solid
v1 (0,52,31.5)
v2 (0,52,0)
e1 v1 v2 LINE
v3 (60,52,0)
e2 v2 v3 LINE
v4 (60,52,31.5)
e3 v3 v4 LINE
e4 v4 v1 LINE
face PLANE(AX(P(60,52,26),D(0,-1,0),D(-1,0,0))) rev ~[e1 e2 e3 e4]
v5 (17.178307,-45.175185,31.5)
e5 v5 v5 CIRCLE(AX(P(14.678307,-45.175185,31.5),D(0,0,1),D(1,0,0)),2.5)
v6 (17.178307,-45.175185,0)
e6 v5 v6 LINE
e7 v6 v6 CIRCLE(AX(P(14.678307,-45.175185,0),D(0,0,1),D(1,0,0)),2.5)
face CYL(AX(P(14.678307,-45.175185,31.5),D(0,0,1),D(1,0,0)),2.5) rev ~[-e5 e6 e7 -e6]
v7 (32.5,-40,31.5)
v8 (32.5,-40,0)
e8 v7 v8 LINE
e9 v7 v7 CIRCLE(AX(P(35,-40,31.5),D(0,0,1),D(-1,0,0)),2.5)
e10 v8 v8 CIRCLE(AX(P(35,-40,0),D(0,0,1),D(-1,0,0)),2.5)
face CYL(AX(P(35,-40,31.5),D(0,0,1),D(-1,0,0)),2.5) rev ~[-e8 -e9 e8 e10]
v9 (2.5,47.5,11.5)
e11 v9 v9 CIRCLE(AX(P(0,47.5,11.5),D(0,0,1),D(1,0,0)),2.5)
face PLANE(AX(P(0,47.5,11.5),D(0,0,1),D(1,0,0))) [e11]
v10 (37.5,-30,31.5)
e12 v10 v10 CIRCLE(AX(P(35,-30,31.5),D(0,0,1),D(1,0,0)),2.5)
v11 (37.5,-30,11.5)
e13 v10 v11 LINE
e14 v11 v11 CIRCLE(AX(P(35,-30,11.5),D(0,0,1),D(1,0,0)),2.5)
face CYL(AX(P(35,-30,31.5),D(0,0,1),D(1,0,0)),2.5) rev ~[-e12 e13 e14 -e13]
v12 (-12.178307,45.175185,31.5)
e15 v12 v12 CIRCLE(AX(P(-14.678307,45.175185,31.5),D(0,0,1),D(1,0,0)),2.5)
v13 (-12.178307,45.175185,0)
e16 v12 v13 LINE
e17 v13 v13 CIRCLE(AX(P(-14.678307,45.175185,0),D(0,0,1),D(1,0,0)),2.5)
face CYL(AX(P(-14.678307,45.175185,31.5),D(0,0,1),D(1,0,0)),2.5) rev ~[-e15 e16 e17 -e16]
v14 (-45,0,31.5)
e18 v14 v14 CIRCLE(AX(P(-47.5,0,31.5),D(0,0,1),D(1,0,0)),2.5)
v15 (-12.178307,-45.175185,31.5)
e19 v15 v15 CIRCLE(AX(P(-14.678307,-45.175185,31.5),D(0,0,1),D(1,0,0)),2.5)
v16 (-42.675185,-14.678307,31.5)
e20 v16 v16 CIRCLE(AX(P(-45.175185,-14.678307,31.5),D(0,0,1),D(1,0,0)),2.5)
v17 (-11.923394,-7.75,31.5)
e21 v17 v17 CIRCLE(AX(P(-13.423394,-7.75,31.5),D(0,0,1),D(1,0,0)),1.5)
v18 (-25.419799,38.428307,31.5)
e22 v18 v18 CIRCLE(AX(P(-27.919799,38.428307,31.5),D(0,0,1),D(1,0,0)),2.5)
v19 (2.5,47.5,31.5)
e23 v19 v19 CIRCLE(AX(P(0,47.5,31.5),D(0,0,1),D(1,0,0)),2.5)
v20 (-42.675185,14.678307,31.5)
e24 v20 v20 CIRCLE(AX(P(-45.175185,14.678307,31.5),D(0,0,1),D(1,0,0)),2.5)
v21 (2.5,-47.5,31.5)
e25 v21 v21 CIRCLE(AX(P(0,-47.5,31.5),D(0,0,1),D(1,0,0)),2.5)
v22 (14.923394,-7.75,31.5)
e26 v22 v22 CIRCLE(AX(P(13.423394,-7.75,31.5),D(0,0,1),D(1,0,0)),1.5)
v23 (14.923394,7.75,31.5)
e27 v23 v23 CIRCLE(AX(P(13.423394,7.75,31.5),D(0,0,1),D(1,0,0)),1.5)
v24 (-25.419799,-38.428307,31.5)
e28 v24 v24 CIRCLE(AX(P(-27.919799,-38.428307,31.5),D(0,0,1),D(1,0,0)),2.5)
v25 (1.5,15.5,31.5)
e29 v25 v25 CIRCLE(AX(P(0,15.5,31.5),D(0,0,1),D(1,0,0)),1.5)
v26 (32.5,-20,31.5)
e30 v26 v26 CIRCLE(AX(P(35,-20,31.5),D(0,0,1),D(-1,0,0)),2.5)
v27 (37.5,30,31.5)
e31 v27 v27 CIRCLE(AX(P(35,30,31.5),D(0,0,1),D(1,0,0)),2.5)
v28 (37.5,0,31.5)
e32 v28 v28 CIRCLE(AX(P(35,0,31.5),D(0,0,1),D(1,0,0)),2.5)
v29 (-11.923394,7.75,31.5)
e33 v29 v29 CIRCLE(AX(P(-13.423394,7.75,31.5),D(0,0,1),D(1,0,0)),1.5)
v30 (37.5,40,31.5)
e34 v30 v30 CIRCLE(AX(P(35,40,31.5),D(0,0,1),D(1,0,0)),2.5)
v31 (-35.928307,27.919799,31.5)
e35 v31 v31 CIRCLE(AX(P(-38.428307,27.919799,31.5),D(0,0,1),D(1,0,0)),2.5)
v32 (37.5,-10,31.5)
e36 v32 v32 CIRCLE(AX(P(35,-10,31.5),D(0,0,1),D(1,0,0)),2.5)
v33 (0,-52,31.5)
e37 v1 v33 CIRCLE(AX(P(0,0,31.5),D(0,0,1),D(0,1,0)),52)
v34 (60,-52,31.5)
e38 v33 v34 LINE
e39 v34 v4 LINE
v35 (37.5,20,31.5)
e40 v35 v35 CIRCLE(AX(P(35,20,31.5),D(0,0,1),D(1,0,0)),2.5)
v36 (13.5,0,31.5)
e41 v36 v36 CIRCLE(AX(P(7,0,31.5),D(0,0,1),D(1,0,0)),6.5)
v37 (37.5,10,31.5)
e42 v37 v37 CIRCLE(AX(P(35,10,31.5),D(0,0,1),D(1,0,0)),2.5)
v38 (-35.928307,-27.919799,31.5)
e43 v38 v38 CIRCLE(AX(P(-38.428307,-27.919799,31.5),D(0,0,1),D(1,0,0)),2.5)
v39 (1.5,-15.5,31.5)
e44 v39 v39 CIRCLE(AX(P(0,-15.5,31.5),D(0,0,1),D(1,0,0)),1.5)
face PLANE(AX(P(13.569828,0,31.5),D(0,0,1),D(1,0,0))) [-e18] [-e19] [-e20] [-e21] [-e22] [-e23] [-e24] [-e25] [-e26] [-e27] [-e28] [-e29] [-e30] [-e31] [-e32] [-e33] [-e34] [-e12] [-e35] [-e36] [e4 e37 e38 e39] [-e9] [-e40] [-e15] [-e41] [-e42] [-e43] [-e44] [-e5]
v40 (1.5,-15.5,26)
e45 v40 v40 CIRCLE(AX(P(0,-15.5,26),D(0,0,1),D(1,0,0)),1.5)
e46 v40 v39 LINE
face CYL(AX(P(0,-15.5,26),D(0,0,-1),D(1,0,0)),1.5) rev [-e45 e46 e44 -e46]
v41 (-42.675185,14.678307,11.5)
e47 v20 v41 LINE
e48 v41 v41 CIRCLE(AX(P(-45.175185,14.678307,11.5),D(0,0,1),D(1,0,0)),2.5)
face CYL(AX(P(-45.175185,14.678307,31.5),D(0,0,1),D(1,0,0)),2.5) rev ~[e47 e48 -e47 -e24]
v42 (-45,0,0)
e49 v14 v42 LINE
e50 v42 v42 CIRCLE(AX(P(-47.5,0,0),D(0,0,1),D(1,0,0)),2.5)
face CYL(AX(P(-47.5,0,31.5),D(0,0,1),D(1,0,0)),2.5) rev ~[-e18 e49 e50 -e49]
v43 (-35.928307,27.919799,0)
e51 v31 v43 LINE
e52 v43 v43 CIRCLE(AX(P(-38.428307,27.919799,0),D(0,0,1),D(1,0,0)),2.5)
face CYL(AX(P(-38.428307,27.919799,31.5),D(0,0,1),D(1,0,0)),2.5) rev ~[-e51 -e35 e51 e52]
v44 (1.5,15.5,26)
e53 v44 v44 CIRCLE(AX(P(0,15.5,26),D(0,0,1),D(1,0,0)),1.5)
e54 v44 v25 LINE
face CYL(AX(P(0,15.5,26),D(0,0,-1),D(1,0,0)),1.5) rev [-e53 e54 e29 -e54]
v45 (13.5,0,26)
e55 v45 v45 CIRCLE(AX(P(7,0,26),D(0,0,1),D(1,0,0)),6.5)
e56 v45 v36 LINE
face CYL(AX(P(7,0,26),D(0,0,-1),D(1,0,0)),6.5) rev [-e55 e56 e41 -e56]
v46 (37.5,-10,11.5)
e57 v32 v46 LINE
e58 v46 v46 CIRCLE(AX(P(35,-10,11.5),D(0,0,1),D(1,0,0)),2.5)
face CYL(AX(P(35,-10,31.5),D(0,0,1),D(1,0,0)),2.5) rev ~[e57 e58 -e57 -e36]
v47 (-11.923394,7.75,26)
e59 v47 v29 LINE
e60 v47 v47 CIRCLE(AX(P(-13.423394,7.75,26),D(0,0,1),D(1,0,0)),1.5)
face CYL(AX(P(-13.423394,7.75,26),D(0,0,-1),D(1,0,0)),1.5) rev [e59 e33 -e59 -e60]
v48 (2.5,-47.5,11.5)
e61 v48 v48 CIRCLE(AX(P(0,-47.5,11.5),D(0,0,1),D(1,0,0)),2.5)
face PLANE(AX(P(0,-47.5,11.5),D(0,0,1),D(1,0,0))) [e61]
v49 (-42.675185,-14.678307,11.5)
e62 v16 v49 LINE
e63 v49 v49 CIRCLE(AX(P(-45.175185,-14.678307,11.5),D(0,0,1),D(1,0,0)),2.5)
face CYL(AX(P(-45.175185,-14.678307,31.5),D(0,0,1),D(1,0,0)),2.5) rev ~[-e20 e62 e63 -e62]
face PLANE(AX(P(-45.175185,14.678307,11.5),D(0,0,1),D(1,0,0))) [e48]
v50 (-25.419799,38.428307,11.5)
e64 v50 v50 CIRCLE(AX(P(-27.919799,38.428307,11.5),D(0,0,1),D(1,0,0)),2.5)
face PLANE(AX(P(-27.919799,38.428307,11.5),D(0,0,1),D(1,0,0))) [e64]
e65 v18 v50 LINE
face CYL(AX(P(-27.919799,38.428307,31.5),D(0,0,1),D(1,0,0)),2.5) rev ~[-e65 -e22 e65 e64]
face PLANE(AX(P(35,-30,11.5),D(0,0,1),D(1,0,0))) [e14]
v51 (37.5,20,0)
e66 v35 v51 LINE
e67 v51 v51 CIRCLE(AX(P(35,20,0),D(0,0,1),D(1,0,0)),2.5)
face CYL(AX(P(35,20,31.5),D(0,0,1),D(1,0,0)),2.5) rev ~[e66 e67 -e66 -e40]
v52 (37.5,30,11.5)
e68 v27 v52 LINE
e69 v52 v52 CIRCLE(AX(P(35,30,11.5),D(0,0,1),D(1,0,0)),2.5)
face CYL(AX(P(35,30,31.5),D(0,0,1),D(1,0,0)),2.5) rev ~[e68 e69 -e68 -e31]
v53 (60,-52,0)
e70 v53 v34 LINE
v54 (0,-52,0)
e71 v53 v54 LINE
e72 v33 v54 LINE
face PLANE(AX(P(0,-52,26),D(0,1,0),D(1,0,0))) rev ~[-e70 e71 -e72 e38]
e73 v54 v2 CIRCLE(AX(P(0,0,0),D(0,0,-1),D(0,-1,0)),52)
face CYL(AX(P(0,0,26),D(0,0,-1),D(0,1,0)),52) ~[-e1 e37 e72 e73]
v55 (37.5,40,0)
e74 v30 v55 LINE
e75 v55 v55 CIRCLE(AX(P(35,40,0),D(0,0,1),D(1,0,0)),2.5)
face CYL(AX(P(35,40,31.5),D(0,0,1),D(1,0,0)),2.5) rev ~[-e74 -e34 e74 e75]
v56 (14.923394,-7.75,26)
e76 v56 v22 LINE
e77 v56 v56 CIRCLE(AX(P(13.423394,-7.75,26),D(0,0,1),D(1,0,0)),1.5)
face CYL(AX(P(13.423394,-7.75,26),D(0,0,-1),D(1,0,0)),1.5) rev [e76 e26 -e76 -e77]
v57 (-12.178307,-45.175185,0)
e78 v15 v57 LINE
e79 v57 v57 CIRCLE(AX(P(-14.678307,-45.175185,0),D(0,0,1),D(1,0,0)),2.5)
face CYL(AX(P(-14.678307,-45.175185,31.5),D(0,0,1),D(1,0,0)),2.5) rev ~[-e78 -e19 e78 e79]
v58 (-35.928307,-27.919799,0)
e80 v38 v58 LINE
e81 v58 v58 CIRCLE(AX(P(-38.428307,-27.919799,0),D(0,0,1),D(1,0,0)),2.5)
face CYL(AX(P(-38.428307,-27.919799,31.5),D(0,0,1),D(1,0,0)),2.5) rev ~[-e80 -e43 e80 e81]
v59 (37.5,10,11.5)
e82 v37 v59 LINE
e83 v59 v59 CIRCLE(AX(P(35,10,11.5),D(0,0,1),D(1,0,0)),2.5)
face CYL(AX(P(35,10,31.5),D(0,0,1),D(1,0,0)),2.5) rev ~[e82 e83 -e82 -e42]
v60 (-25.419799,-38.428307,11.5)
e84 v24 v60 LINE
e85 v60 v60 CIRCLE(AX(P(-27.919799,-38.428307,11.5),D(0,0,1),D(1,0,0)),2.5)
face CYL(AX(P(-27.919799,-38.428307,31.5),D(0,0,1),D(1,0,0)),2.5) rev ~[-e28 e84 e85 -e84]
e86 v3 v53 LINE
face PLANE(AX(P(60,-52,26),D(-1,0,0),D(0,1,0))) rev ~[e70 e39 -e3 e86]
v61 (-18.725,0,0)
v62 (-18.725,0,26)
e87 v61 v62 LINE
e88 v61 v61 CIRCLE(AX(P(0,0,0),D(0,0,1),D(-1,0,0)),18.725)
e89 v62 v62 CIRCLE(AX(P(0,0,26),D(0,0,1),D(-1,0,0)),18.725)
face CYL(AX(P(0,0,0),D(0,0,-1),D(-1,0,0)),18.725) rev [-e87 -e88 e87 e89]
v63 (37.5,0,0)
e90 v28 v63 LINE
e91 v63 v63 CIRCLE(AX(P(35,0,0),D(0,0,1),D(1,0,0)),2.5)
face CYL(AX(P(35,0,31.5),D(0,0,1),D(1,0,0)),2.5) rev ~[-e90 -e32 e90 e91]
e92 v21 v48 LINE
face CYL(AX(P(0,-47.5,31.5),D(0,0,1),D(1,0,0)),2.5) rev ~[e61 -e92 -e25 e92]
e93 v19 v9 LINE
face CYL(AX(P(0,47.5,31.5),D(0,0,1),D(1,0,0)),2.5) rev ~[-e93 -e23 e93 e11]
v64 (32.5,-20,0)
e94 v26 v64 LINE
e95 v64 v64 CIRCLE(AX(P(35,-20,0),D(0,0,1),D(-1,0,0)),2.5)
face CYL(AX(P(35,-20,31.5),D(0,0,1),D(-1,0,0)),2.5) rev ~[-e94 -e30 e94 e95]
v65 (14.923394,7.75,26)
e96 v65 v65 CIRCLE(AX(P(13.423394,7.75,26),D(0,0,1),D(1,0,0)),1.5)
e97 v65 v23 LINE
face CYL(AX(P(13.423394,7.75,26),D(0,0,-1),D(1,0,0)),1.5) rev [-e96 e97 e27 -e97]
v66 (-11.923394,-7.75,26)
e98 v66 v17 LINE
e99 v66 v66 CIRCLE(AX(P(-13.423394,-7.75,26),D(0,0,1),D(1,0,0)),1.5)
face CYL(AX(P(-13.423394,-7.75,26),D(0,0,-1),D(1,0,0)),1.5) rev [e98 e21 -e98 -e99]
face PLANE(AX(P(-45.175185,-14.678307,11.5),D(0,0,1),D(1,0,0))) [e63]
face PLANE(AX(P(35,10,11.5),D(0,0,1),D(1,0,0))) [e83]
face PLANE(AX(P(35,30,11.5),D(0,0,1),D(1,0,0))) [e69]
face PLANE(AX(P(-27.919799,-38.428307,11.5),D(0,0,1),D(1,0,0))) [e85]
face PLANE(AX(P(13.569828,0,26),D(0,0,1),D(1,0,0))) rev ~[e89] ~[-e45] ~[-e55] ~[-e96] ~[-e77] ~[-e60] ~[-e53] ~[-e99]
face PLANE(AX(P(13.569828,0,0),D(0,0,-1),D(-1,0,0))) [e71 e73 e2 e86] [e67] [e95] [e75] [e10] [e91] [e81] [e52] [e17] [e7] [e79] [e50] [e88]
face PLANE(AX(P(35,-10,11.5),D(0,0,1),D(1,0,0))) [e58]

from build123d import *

# Parameters (mm, degrees)
CROQUIS1_R              = 18.725
SALIENTE_EXTRUIR1_DEPTH = 26
CROQUIS2_R              = 6.5
CROQUIS2_R_2            = 1.5
SALIENTE_EXTRUIR2_DEPTH = 5.5
CROQUIS3_R              = 2.5
CORTAR_EXTRUIR1_DEPTH   = 86.418089419
CROQUIS4_R              = 2.5
CORTAR_EXTRUIR2_DEPTH   = 20


with BuildPart() as part:
    # Croquis1 → Saliente-Extruir1 (new body)
    with BuildSketch(Plane.XY):
        with BuildLine():
            Line((0, 52), (60, 52))
            Line((60, 52), (60, -52))
            Line((60, -52), (0, -52))
            ThreePointArc((0, -52), (-52, 0), (0, 52))
        make_face()
        with Locations(Location((0, 0, 0), (0, 0, 180))):
            Circle(CROQUIS1_R, mode=Mode.SUBTRACT)
    extrude(amount=SALIENTE_EXTRUIR1_DEPTH)

    # Croquis2 → Saliente-Extruir2 (add)
    with BuildSketch(Plane.XY.offset(26)):
        with BuildLine():
            Line((0, -52), (60, -52))
            Line((60, -52), (60, 52))
            Line((60, 52), (0, 52))
            ThreePointArc((0, 52), (-52, 0), (0, -52))
        make_face()
        with Locations((7, 0)):
            Circle(CROQUIS2_R, mode=Mode.SUBTRACT)
        with Locations((13.423393759, -7.75)):
            Circle(CROQUIS2_R_2, mode=Mode.SUBTRACT)
        with Locations((13.423393759, 7.75)):
            Circle(CROQUIS2_R_2, mode=Mode.SUBTRACT)
        with Locations((0, 15.5)):
            Circle(CROQUIS2_R_2, mode=Mode.SUBTRACT)
        with Locations((0, -15.5)):
            Circle(CROQUIS2_R_2, mode=Mode.SUBTRACT)
        with Locations((-13.423393759, -7.75)):
            Circle(CROQUIS2_R_2, mode=Mode.SUBTRACT)
        with Locations((-13.423393759, 7.75)):
            Circle(CROQUIS2_R_2, mode=Mode.SUBTRACT)
    extrude(amount=SALIENTE_EXTRUIR2_DEPTH)

    # Croquis3 → Cortar-Extruir1 (cut, through all)
    with BuildSketch(Plane.XY.offset(31.5)):
        with Locations((35, 0)):
            Circle(CROQUIS3_R)
        with Locations((35, 20)):
            Circle(CROQUIS3_R)
        with Locations((35, 40)):
            Circle(CROQUIS3_R)
        with Locations(Location((35, -40, 0), (0, 0, 180))):
            Circle(CROQUIS3_R)
        with Locations(Location((35, -20, 0), (0, 0, 180))):
            Circle(CROQUIS3_R)
        with Locations((-14.678307233, 45.175184524)):
            Circle(CROQUIS3_R)
        with Locations((-38.428307233, 27.919799484)):
            Circle(CROQUIS3_R)
        with Locations((-47.5, 0)):
            Circle(CROQUIS3_R)
        with Locations((-38.428307233, -27.919799484)):
            Circle(CROQUIS3_R)
        with Locations((-14.678307233, -45.175184524)):
            Circle(CROQUIS3_R)
        with Locations((14.678307233, -45.175184524)):
            Circle(CROQUIS3_R)
    extrude(amount=-CORTAR_EXTRUIR1_DEPTH, mode=Mode.SUBTRACT)

    # Croquis4 → Cortar-Extruir2 (cut)
    with BuildSketch(Plane.XY.offset(31.5)):
        with Locations((0, 47.5)):
            Circle(CROQUIS4_R)
        with Locations((-27.919799484, 38.428307233)):
            Circle(CROQUIS4_R)
        with Locations((-45.175184524, 14.678307233)):
            Circle(CROQUIS4_R)
        with Locations((-45.175184524, -14.678307233)):
            Circle(CROQUIS4_R)
        with Locations((-27.919799484, -38.428307233)):
            Circle(CROQUIS4_R)
        with Locations((0, -47.5)):
            Circle(CROQUIS4_R)
        with Locations((35, 30)):
            Circle(CROQUIS4_R)
        with Locations((35, 10)):
            Circle(CROQUIS4_R)
        with Locations((35, -10)):
            Circle(CROQUIS4_R)
        with Locations((35, -30)):
            Circle(CROQUIS4_R)
    extrude(amount=-CORTAR_EXTRUIR2_DEPTH, mode=Mode.SUBTRACT)


solid = part.part
